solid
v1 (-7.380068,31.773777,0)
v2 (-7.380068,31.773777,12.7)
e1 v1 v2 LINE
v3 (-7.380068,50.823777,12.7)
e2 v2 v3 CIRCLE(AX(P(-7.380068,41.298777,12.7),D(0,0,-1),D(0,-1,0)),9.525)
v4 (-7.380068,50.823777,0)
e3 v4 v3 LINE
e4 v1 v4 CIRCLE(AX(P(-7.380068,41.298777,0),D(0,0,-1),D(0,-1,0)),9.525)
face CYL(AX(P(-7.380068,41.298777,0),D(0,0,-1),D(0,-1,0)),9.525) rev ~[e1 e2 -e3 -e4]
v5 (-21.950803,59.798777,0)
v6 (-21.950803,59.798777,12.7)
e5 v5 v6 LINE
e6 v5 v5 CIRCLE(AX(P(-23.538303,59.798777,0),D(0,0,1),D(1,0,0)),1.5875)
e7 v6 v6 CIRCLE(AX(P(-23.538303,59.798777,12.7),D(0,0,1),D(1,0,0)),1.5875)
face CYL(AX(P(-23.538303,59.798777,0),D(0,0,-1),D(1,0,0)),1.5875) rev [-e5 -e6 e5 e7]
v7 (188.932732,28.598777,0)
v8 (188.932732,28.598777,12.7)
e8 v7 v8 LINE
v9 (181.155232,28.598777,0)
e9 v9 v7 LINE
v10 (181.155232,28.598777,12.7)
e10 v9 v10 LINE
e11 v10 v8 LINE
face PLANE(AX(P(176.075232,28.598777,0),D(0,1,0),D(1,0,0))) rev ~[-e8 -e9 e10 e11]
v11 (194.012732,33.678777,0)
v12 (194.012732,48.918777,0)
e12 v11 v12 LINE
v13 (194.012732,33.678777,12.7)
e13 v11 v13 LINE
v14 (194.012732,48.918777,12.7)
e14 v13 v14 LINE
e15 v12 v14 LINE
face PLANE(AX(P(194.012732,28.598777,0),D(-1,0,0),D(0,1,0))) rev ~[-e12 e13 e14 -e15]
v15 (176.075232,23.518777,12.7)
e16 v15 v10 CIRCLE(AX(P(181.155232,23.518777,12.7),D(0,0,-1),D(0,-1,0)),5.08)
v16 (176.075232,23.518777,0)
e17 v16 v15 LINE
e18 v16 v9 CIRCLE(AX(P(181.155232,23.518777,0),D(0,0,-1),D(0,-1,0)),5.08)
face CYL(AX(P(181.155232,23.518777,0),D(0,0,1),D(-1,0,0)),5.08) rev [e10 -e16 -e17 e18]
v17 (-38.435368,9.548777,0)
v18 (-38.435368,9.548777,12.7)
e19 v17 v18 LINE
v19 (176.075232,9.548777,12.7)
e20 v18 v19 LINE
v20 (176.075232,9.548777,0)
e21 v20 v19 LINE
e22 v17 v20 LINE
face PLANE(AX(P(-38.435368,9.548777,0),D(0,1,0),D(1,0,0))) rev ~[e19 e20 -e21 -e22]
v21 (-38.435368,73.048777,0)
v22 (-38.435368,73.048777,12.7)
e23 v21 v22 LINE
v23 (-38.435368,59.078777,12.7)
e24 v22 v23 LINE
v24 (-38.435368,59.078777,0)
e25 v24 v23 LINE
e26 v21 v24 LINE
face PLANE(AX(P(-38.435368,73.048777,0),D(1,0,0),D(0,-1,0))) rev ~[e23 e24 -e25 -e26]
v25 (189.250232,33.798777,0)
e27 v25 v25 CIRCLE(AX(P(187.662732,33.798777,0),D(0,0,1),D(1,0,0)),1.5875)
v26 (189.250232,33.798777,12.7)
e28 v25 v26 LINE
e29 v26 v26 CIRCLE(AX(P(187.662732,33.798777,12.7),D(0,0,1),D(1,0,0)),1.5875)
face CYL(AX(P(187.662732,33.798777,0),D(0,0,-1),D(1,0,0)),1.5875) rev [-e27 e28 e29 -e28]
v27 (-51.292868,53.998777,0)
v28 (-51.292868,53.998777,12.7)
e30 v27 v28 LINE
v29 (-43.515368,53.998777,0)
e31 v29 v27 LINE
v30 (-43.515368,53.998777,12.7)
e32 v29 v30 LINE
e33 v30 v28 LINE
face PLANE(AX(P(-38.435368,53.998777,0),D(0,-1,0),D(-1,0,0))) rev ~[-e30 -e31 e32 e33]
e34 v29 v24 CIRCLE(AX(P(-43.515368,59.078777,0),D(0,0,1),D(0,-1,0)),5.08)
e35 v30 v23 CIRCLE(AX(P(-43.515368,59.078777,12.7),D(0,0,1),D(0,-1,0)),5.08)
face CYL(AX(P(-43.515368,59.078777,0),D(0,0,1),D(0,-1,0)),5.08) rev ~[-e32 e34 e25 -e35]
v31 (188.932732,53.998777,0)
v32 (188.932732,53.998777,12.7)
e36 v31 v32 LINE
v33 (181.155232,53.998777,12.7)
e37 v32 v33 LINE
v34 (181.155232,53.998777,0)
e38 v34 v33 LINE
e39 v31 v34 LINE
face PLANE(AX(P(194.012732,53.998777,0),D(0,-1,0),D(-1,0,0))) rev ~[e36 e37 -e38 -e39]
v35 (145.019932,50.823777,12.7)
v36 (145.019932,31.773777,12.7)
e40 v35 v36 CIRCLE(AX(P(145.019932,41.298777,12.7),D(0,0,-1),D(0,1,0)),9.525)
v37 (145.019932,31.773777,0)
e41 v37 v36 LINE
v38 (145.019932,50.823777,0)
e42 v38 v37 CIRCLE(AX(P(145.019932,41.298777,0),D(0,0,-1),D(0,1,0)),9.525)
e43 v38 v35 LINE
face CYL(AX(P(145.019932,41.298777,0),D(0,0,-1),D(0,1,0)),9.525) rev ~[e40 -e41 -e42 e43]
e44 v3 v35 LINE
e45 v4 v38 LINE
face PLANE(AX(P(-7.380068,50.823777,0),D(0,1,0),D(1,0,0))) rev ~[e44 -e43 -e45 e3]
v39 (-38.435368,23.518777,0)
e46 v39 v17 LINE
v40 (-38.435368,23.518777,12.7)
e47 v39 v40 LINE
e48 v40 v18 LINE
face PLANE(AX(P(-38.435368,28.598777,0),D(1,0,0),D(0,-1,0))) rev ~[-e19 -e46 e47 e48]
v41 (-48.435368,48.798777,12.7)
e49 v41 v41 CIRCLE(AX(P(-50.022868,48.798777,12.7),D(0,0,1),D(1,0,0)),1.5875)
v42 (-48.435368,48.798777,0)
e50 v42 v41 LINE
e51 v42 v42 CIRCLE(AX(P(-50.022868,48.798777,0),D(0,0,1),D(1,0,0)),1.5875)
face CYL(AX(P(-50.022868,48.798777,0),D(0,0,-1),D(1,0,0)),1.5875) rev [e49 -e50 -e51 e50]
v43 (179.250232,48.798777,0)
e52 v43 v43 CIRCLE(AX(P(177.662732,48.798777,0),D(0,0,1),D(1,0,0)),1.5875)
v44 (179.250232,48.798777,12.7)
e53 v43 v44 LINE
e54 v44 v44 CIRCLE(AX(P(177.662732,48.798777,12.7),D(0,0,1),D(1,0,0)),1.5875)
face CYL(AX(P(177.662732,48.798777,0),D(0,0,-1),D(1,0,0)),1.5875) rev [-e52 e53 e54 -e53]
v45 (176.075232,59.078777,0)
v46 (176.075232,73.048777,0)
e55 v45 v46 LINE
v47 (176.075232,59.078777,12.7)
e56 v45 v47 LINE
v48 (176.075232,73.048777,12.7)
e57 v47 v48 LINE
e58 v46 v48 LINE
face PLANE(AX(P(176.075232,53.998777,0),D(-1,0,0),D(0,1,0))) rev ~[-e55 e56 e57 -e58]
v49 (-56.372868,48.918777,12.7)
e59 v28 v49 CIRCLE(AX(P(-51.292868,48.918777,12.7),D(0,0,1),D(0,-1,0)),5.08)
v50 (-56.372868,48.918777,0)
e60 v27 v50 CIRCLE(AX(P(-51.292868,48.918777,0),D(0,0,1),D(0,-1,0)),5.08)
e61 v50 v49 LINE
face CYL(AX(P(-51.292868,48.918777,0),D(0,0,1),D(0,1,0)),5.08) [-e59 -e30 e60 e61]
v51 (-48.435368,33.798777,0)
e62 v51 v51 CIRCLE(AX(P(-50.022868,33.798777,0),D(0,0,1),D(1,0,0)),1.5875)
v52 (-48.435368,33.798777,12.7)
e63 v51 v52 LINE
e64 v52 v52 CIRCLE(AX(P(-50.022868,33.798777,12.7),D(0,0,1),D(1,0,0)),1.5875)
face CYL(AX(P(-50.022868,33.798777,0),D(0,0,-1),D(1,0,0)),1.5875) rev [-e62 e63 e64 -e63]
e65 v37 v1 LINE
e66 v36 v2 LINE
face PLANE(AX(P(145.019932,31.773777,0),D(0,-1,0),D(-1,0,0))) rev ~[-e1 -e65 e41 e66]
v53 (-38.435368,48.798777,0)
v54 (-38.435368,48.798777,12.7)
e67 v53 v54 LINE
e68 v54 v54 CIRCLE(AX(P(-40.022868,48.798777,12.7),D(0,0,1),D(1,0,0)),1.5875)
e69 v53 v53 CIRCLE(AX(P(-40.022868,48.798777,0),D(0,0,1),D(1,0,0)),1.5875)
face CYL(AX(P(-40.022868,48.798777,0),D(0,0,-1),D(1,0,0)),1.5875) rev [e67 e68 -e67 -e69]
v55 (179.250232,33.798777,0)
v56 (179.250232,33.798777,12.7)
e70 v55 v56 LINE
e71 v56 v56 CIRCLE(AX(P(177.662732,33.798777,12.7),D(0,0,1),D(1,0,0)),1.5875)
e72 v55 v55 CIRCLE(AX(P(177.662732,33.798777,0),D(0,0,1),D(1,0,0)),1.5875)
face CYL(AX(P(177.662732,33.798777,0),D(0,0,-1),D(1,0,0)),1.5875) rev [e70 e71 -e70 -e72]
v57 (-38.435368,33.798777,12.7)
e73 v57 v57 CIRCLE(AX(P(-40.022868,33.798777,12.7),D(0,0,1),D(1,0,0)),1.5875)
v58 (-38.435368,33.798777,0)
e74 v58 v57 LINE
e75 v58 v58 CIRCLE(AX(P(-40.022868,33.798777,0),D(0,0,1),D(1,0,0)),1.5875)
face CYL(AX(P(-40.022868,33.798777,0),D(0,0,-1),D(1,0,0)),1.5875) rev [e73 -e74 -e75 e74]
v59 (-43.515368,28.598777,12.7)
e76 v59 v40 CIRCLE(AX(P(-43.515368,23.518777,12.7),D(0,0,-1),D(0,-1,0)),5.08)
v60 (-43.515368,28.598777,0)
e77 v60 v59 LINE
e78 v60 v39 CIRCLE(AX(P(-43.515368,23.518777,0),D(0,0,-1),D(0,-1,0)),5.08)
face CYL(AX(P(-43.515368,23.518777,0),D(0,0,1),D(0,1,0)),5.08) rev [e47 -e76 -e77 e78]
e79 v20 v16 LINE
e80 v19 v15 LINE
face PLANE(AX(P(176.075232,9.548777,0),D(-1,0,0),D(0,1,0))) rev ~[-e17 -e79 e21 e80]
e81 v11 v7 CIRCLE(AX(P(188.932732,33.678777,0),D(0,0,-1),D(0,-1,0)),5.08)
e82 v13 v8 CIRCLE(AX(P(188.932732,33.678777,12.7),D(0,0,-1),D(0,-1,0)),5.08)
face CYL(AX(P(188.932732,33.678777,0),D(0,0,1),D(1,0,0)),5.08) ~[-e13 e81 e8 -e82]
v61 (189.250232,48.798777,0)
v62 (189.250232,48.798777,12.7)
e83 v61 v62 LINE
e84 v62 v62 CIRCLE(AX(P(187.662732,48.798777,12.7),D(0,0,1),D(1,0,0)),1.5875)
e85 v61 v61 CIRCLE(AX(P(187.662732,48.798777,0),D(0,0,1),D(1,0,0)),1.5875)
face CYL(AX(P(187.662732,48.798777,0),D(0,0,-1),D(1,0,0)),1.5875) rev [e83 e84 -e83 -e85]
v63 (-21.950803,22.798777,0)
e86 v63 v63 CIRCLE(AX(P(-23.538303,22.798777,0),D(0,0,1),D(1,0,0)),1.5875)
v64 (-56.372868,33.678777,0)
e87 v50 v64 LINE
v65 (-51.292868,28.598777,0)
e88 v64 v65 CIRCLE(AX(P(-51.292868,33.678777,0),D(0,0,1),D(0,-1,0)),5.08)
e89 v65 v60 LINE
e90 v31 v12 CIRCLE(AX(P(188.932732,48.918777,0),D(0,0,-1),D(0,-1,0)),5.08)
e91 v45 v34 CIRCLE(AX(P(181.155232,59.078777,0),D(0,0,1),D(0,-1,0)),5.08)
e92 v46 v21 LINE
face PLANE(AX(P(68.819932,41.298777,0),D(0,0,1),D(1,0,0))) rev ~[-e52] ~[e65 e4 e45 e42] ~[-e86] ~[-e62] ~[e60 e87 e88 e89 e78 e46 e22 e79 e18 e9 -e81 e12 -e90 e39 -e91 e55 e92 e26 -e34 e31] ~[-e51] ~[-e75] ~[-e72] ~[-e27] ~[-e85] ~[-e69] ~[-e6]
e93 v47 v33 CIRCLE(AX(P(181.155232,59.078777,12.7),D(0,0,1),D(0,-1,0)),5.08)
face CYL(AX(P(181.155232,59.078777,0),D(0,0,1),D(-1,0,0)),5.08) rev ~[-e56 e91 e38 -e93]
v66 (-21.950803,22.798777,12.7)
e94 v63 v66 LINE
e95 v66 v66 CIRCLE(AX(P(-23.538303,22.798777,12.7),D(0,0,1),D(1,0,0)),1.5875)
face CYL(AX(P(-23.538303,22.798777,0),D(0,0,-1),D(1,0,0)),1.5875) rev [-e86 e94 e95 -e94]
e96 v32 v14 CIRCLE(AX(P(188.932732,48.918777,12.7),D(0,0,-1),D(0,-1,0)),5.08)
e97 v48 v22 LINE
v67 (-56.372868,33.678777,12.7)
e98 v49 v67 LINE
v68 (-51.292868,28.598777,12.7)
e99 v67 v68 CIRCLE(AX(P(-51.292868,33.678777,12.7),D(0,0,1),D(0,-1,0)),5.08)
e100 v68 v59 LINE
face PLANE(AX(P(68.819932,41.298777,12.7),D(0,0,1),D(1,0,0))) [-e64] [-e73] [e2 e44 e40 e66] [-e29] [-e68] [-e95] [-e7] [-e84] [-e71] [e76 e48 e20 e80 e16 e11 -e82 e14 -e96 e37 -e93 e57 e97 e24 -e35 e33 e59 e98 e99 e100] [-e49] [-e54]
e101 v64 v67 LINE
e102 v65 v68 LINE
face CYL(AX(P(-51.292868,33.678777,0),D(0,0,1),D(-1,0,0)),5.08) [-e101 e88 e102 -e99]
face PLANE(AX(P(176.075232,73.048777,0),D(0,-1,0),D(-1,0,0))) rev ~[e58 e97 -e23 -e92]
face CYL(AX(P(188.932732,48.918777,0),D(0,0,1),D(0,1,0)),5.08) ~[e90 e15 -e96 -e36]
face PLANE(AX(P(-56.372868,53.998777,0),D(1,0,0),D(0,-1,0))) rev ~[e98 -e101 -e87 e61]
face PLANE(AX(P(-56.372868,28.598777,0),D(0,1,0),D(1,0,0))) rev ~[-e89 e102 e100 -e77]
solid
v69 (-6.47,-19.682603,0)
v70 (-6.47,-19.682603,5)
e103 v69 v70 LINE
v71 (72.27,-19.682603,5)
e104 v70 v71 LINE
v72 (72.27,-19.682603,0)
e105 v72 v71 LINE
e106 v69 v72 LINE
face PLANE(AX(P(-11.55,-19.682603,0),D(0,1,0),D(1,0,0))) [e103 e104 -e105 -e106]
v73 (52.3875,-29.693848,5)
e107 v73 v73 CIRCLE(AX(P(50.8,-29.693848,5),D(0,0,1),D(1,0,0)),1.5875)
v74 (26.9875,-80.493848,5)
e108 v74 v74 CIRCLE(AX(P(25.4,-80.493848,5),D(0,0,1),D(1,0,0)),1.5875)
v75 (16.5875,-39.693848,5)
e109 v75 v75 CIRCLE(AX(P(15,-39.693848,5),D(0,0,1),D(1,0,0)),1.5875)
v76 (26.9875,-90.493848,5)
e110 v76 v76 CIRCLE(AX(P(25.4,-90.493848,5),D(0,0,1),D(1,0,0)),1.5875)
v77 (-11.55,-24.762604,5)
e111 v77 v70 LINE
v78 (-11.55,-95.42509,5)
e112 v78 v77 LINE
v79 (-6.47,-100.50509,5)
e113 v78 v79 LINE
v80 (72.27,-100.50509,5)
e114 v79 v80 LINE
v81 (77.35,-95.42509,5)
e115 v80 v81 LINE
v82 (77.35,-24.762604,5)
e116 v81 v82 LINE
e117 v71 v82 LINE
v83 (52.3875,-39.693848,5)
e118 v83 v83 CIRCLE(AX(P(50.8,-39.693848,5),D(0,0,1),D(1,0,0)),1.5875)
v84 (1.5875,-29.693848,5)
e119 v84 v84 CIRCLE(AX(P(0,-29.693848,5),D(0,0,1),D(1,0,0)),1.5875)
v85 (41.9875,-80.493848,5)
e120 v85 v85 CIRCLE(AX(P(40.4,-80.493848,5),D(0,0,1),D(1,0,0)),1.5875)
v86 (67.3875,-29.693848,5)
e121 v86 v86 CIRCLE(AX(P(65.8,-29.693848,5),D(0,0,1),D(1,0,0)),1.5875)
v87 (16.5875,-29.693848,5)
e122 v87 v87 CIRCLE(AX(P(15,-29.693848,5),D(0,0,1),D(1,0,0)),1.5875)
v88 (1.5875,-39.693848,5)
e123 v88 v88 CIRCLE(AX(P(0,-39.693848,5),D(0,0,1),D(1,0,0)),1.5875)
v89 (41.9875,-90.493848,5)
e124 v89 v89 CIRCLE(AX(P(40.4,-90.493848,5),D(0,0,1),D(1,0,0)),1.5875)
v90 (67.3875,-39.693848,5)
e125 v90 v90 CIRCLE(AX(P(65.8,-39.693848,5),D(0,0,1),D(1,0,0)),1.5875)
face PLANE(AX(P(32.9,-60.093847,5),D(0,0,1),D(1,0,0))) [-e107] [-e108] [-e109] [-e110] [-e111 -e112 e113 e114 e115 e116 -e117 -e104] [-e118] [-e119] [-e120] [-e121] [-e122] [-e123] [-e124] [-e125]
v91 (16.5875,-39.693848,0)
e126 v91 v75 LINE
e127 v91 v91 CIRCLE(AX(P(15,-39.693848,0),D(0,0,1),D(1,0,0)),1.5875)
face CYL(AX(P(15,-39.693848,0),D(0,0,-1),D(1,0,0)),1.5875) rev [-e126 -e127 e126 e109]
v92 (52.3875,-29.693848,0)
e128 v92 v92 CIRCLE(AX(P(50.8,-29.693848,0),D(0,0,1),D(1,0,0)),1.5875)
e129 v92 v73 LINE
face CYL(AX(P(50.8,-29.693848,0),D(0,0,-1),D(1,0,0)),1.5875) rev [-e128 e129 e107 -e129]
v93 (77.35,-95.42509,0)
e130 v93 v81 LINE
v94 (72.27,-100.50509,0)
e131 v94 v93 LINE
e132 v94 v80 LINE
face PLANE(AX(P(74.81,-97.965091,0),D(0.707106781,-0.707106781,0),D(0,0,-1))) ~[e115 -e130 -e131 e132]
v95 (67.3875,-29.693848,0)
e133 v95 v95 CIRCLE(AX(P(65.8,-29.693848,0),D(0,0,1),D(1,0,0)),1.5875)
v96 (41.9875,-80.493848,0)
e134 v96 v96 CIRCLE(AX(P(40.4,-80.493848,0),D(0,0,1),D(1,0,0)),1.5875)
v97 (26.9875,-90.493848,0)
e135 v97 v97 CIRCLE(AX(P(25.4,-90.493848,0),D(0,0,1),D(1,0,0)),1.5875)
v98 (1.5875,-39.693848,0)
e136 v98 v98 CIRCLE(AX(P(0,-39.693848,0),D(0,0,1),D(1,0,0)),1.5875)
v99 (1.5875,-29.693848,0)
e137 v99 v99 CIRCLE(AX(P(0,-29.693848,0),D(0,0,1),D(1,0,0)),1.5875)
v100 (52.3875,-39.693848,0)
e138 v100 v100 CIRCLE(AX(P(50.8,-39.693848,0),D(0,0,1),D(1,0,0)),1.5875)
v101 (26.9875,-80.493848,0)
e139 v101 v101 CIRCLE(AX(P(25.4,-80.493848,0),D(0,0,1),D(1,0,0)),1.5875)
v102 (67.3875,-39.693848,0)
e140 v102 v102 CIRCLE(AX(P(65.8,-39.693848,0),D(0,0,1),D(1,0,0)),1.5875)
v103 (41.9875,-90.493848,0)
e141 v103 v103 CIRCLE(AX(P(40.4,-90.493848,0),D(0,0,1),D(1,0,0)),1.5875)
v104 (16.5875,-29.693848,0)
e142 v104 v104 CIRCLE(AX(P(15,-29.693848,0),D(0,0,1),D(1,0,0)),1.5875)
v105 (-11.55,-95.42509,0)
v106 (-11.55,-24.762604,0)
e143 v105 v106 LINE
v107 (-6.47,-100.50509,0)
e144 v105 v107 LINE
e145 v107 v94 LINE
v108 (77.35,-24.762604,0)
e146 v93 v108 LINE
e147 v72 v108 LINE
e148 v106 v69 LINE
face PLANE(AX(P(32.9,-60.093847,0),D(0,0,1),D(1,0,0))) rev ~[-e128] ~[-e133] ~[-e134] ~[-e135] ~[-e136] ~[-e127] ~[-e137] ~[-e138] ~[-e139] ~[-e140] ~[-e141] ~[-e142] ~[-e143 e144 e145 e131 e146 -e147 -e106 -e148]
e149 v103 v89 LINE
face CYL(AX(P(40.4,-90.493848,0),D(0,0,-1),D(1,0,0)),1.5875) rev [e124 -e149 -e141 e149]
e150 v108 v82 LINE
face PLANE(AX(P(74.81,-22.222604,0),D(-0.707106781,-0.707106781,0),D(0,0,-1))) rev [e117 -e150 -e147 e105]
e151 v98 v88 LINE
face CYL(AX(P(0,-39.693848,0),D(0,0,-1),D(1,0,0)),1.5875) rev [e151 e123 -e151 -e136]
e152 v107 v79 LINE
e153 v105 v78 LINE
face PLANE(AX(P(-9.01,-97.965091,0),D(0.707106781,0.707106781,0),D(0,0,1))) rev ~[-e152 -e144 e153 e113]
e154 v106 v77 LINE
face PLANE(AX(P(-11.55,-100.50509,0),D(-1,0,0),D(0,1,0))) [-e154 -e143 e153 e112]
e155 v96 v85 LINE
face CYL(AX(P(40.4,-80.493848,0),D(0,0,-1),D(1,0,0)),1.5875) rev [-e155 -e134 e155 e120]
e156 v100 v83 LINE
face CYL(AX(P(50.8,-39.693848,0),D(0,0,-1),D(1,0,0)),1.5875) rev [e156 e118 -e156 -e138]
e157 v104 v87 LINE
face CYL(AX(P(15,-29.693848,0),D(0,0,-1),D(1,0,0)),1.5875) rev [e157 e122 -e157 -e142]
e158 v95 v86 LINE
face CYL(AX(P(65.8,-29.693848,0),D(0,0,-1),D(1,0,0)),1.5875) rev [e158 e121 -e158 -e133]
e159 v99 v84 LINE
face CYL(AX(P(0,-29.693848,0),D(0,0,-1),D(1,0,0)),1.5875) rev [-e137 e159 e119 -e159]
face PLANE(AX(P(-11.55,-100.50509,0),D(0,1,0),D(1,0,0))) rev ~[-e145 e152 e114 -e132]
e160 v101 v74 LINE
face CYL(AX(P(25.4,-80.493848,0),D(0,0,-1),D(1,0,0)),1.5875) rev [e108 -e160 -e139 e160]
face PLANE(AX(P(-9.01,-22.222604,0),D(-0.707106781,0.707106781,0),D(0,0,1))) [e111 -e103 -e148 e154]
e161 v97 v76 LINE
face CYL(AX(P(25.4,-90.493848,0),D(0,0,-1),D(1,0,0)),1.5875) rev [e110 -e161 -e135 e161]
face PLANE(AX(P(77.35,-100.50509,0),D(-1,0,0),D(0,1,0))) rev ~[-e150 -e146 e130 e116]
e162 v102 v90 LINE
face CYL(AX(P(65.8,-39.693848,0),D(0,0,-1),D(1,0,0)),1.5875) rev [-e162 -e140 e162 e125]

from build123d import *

# Parameters (mm, degrees)
F0_R     = 1.5875
F1_DEPTH = 12.7
F2_R     = 5.08
F3_W     = 88.9
F3_H     = 80.822487
F3_R     = 1.5875
F4_DEPTH = 5
F5_SIZE  = 5.08


with BuildPart() as f1:
    # F0 (on Top) → F1 (new body)
    with BuildSketch(Plane.XY):
        Polygon((-38.435368, 53.998777), (-56.372868, 53.998777), (-56.372868, 28.598777), (-38.435368, 28.598777), (-38.435368, 9.548777), (176.075232, 9.548777), (176.075232, 28.598777), (194.012732, 28.598777), (194.012732, 53.998777), (176.075232, 53.998777), (176.075232, 73.048777), (-38.435368, 73.048777), align=None)
        with Locations((-23.538303, 22.798777)):
            Circle(F0_R, mode=Mode.SUBTRACT)
        with Locations((-50.022868, 33.798777)):
            Circle(F0_R, mode=Mode.SUBTRACT)
        with Locations((-40.022868, 33.798777)):
            Circle(F0_R, mode=Mode.SUBTRACT)
        with Locations((177.662732, 33.798777)):
            Circle(F0_R, mode=Mode.SUBTRACT)
        with Locations((187.662732, 33.798777)):
            Circle(F0_R, mode=Mode.SUBTRACT)
        with Locations((-50.022868, 48.798777)):
            Circle(F0_R, mode=Mode.SUBTRACT)
        with Locations((-40.022868, 48.798777)):
            Circle(F0_R, mode=Mode.SUBTRACT)
        with Locations((-23.538303, 59.798777)):
            Circle(F0_R, mode=Mode.SUBTRACT)
        with BuildLine():
            Line((145.019932, 31.773777), (-7.380068, 31.773777))
            ThreePointArc((-7.380068, 31.773777), (-16.905068, 41.298777), (-7.380068, 50.823777))
            Line((-7.380068, 50.823777), (145.019932, 50.823777))
            ThreePointArc((145.019932, 50.823777), (154.544932, 41.298777), (145.019932, 31.773777))
        make_face(mode=Mode.SUBTRACT)
        with Locations((177.662732, 48.798777)):
            Circle(F0_R, mode=Mode.SUBTRACT)
        with Locations((187.662732, 48.798777)):
            Circle(F0_R, mode=Mode.SUBTRACT)
    extrude(amount=F1_DEPTH)

    # F2
    f2_edges = [f1.edges().sort_by_distance(p)[0] for p in [
        (-38.435368, 53.998777, 6.35),
        (-38.435368, 28.598777, 6.35),
        (176.075232, 28.598777, 6.35),
        (194.012732, 28.598777, 6.35),
        (194.012732, 53.998777, 6.35),
        (176.075232, 53.998777, 6.35),
        (-56.372868, 28.598777, 6.35),
        (-56.372868, 53.998777, 6.35),
    ]]
    fillet(f2_edges, radius=F2_R)


with BuildPart() as f4:
    # F3 (on Top) → F4 (new body)
    with BuildSketch(Plane.XY):
        with Locations((32.9, -60.093847)):
            Rectangle(F3_W, F3_H)
        with Locations((25.4, -90.493848)):
            Circle(F3_R, mode=Mode.SUBTRACT)
        with Locations((25.4, -80.493848)):
            Circle(F3_R, mode=Mode.SUBTRACT)
        with Locations((40.4, -90.493848)):
            Circle(F3_R, mode=Mode.SUBTRACT)
        with Locations((40.4, -80.493848)):
            Circle(F3_R, mode=Mode.SUBTRACT)
        with Locations((0, -39.693848)):
            Circle(F3_R, mode=Mode.SUBTRACT)
        with Locations((0, -29.693848)):
            Circle(F3_R, mode=Mode.SUBTRACT)
        with Locations((15, -39.693848)):
            Circle(F3_R, mode=Mode.SUBTRACT)
        with Locations((15, -29.693848)):
            Circle(F3_R, mode=Mode.SUBTRACT)
        with Locations((50.8, -39.693848)):
            Circle(F3_R, mode=Mode.SUBTRACT)
        with Locations((50.8, -29.693848)):
            Circle(F3_R, mode=Mode.SUBTRACT)
        with Locations((65.8, -39.693848)):
            Circle(F3_R, mode=Mode.SUBTRACT)
        with Locations((65.8, -29.693848)):
            Circle(F3_R, mode=Mode.SUBTRACT)
    extrude(amount=F4_DEPTH)

    # F5
    f5_edges = [f4.edges().sort_by_distance(p)[0] for p in [
        (-11.55, -100.505091, 2.5),
        (77.35, -100.505091, 2.5),
        (-11.55, -19.682604, 2.5),
        (77.35, -19.682604, 2.5),
    ]]
    chamfer(f5_edges, length=F5_SIZE)


solid = Compound([f1.part, f4.part])
